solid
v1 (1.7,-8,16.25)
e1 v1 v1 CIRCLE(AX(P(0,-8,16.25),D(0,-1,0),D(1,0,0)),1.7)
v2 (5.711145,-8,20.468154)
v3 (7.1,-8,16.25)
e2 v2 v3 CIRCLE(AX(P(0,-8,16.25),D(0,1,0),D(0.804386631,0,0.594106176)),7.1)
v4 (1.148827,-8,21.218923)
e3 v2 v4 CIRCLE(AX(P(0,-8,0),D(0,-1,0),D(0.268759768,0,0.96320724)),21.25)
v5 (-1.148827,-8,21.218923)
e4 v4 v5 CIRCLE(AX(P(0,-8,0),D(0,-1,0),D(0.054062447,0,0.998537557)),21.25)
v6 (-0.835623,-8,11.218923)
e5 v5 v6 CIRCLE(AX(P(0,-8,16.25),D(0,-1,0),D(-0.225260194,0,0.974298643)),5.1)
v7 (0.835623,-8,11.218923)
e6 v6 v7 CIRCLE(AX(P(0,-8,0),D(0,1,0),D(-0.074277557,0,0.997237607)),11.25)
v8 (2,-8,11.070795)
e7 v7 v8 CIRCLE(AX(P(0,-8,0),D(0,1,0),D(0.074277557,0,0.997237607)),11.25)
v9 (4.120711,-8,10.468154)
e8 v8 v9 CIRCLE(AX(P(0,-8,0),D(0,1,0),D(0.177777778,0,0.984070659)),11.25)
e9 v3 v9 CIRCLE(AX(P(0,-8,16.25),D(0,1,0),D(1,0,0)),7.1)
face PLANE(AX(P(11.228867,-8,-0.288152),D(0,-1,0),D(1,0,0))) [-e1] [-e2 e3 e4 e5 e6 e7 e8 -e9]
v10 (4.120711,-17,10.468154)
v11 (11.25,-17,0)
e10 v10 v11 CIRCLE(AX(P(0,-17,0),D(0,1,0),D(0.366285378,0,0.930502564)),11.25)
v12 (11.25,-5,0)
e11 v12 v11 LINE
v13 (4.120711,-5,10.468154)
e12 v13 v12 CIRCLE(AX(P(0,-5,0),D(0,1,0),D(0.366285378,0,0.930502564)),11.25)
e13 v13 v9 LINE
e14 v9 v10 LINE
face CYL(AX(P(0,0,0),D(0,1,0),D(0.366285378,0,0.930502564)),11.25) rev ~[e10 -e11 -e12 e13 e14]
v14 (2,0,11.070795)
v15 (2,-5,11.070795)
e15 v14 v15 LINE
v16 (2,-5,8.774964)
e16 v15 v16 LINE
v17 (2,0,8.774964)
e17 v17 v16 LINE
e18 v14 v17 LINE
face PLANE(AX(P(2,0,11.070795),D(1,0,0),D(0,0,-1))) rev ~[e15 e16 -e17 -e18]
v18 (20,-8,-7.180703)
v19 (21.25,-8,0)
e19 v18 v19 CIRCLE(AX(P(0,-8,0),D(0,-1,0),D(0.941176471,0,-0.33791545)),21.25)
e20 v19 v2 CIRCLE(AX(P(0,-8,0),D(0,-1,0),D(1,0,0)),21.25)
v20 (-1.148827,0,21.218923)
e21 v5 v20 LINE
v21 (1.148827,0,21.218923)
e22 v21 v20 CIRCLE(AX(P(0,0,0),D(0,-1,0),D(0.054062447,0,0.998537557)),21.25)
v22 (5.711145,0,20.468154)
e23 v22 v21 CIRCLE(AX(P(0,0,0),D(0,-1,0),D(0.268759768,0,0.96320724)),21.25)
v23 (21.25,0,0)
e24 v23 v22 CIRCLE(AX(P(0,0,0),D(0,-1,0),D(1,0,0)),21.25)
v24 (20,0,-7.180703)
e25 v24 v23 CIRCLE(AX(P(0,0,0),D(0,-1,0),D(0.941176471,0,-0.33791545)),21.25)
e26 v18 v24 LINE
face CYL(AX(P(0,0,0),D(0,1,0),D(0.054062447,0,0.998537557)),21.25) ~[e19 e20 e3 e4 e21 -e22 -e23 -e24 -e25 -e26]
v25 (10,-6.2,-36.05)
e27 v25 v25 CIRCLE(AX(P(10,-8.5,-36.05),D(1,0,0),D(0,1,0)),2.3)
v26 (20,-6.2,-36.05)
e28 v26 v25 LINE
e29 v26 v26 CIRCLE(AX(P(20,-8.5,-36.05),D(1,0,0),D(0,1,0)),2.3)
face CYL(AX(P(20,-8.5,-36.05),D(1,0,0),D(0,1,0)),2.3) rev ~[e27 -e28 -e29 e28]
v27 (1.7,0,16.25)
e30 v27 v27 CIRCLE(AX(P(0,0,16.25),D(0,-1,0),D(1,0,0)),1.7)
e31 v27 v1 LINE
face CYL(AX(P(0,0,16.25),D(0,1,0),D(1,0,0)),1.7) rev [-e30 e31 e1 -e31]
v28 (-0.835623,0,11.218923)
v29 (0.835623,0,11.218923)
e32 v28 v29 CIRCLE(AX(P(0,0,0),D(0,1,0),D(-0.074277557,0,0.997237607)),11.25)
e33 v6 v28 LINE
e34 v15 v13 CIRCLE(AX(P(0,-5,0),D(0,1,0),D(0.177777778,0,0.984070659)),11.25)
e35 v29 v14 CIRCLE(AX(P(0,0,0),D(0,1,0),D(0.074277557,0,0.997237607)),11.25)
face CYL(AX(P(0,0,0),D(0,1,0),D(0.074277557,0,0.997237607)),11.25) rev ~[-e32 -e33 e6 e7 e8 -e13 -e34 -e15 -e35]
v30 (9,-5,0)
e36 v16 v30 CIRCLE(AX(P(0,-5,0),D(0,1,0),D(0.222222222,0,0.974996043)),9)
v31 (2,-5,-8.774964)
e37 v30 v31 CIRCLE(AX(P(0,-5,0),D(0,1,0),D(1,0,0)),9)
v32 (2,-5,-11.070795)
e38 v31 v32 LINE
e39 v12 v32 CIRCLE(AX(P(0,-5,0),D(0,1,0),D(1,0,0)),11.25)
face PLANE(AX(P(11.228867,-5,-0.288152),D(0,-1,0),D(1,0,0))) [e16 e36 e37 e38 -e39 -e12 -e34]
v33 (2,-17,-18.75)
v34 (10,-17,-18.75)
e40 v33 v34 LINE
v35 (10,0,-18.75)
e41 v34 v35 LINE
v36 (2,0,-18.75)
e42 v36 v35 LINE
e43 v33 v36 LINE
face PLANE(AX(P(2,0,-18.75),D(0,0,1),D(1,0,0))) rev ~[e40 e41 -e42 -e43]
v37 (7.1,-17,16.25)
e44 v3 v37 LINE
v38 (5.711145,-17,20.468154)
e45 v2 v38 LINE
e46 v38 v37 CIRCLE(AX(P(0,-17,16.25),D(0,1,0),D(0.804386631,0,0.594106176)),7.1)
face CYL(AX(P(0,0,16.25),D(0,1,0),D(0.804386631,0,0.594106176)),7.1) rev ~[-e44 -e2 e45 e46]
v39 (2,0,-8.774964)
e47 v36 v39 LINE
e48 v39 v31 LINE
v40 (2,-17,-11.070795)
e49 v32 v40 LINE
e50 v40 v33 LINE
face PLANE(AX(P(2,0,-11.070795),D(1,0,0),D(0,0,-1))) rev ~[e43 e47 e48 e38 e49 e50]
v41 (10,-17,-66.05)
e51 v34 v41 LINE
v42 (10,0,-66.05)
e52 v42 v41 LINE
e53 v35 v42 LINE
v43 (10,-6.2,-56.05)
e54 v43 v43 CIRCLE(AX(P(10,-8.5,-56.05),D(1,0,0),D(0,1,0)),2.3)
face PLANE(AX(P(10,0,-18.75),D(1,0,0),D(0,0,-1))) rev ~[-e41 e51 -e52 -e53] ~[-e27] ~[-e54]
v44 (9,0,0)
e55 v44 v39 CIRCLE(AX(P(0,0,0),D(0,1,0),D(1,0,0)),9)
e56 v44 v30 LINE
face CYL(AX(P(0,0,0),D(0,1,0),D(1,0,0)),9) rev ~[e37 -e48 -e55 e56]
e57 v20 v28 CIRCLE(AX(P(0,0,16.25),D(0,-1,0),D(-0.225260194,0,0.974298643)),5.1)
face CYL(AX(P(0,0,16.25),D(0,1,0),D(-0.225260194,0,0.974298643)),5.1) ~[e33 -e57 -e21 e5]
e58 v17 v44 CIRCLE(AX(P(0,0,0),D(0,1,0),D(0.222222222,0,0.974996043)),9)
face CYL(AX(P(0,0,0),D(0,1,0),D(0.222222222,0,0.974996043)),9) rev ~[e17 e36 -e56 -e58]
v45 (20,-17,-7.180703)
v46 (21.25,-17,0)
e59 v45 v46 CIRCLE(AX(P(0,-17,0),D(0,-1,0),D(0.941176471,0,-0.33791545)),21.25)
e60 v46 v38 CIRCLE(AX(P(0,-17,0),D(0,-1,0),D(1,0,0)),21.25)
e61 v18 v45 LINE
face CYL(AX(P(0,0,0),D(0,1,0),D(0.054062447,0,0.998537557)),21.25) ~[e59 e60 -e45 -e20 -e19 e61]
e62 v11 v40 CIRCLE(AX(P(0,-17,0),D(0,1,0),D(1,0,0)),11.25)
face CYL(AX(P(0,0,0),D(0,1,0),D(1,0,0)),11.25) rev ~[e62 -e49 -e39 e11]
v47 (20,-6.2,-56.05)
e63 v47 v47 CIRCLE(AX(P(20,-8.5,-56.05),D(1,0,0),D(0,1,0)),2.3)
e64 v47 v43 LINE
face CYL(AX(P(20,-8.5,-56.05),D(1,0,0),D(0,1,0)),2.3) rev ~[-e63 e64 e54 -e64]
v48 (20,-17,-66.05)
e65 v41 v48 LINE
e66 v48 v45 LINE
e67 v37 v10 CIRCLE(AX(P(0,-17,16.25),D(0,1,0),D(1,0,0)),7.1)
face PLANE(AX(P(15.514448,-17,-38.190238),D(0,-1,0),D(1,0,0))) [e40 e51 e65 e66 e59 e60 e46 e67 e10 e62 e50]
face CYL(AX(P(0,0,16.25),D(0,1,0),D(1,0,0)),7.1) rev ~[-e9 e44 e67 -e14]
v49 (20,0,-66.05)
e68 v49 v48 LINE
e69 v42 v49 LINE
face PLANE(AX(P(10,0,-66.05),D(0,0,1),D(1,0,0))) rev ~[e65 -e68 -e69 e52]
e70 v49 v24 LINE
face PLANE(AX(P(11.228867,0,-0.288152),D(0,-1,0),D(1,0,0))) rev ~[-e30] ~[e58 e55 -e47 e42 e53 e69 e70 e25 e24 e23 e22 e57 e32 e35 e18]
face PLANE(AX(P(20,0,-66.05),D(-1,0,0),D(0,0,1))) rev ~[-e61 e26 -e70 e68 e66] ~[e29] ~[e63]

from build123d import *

# Parameters (mm, degrees)
F0_R     = 1.7
F1_DEPTH = 5
F2_DEPTH = 8
F3_DEPTH = 17
F4_R     = 2.3
F5_DEPTH = 25


with BuildPart() as f1:
    # F0 (on Front) → F1 (new body)
    with BuildSketch(Plane.XZ):
        with BuildLine():
            ThreePointArc((4.1207105035, 10.4681538462), (9.2984002163, 6.3326340032), (11.25, 0))
            ThreePointArc((11.25, 0), (8.6331483249, -7.2132690231), (2, -11.0707949127))
            Line((2, -11.0707949127), (2, -18.75))
            Line((2, -18.75), (10, -18.75))
            ThreePointArc((10, -18.75), (16.0767582704, -13.8960549623), (20, -7.1807033082))
            ThreePointArc((20, -7.1807033082), (20.9351677806, -3.6443449343), (21.25, 0))
            ThreePointArc((21.25, 0), (16.9251932479, 12.8491374621), (5.7111450805, 20.4681538462))
            ThreePointArc((5.7111450805, 20.4681538462), (6.7438538712, 18.470458278), (7.1, 16.25))
            ThreePointArc((7.1, 16.25), (6.3113803789, 12.9978502936), (4.1207105035, 10.4681538462))
        make_face()
        with BuildLine():
            ThreePointArc((2, 11.0707949127), (3.0751533833, 10.8215494117), (4.1207105035, 10.4681538462))
            ThreePointArc((4.1207105035, 10.4681538462), (6.3113803789, 12.9978502936), (7.1, 16.25))
            ThreePointArc((7.1, 16.25), (6.7438538712, 18.470458278), (5.7111450805, 20.4681538462))
            ThreePointArc((5.7111450805, 20.4681538462), (3.4504663185, 20.9679942337), (1.1488269912, 21.2189230769))
            ThreePointArc((1.1488269912, 21.2189230769), (3.9918052091, 19.4241914203), (5.1, 16.25))
            ThreePointArc((5.1, 16.25), (3.8904803589, 12.9524004827), (0.8356225189, 11.2189230769))
            ThreePointArc((0.8356225189, 11.2189230769), (1.4197444332, 11.1600549167), (2, 11.0707949127))
        make_face()
        with BuildLine():
            ThreePointArc((-0.8356225189, 11.2189230769), (0, 11.25), (0.8356225189, 11.2189230769))
            ThreePointArc((0.8356225189, 11.2189230769), (3.8904803589, 12.9524004827), (5.1, 16.25))
            ThreePointArc((5.1, 16.25), (3.9918052091, 19.4241914203), (1.1488269912, 21.2189230769))
            ThreePointArc((1.1488269912, 21.2189230769), (0, 21.25), (-1.1488269912, 21.2189230769))
            ThreePointArc((-1.1488269912, 21.2189230769), (-5.0975003643, 16.0903440089), (-0.8356225189, 11.2189230769))
        make_face()
        with Locations((0, 16.25)):
            Circle(F0_R, mode=Mode.SUBTRACT)
        with BuildLine():
            ThreePointArc((2, -11.0707949127), (8.6331483249, -7.2132690231), (11.25, 0))
            ThreePointArc((11.25, 0), (9.2984002163, 6.3326340032), (4.1207105035, 10.4681538462))
            ThreePointArc((4.1207105035, 10.4681538462), (3.1034384471, 9.864182135), (2, 9.4375114679))
            Line((2, 9.4375114679), (2, 8.7749643874))
            ThreePointArc((2, 8.7749643874), (7.0356236397, 5.6124860802), (9, 0))
            ThreePointArc((9, 0), (7.0356236397, -5.6124860802), (2, -8.7749643874))
            Line((2, -8.7749643874), (2, -11.0707949127))
        make_face()
        with BuildLine():
            ThreePointArc((2, 9.4375114679), (3.1034384471, 9.864182135), (4.1207105035, 10.4681538462))
            ThreePointArc((4.1207105035, 10.4681538462), (3.0751533833, 10.8215494117), (2, 11.0707949127))
            Line((2, 11.0707949127), (2, 9.4375114679))
        make_face()
        with BuildLine():
            ThreePointArc((20, -7.1807033082), (16.0767582704, -13.8960549623), (10, -18.75))
            Line((10, -18.75), (10, -66.05))
            Line((10, -66.05), (20, -66.05))
            Line((20, -66.05), (20, -7.1807033082))
        make_face()
    extrude(amount=F1_DEPTH)

    # F0 (on Front) → F2 (join)
    with BuildSketch(Plane.XZ):
        with BuildLine():
            ThreePointArc((4.1207105035, 10.4681538462), (9.2984002163, 6.3326340032), (11.25, 0))
            ThreePointArc((11.25, 0), (8.6331483249, -7.2132690231), (2, -11.0707949127))
            Line((2, -11.0707949127), (2, -18.75))
            Line((2, -18.75), (10, -18.75))
            ThreePointArc((10, -18.75), (16.0767582704, -13.8960549623), (20, -7.1807033082))
            ThreePointArc((20, -7.1807033082), (20.9351677806, -3.6443449343), (21.25, 0))
            ThreePointArc((21.25, 0), (16.9251932479, 12.8491374621), (5.7111450805, 20.4681538462))
            ThreePointArc((5.7111450805, 20.4681538462), (6.7438538712, 18.470458278), (7.1, 16.25))
            ThreePointArc((7.1, 16.25), (6.3113803789, 12.9978502936), (4.1207105035, 10.4681538462))
        make_face()
        with BuildLine():
            ThreePointArc((2, 11.0707949127), (3.0751533833, 10.8215494117), (4.1207105035, 10.4681538462))
            ThreePointArc((4.1207105035, 10.4681538462), (6.3113803789, 12.9978502936), (7.1, 16.25))
            ThreePointArc((7.1, 16.25), (6.7438538712, 18.470458278), (5.7111450805, 20.4681538462))
            ThreePointArc((5.7111450805, 20.4681538462), (3.4504663185, 20.9679942337), (1.1488269912, 21.2189230769))
            ThreePointArc((1.1488269912, 21.2189230769), (3.9918052091, 19.4241914203), (5.1, 16.25))
            ThreePointArc((5.1, 16.25), (3.8904803589, 12.9524004827), (0.8356225189, 11.2189230769))
            ThreePointArc((0.8356225189, 11.2189230769), (1.4197444332, 11.1600549167), (2, 11.0707949127))
        make_face()
        with BuildLine():
            ThreePointArc((-0.8356225189, 11.2189230769), (0, 11.25), (0.8356225189, 11.2189230769))
            ThreePointArc((0.8356225189, 11.2189230769), (3.8904803589, 12.9524004827), (5.1, 16.25))
            ThreePointArc((5.1, 16.25), (3.9918052091, 19.4241914203), (1.1488269912, 21.2189230769))
            ThreePointArc((1.1488269912, 21.2189230769), (0, 21.25), (-1.1488269912, 21.2189230769))
            ThreePointArc((-1.1488269912, 21.2189230769), (-5.0975003643, 16.0903440089), (-0.8356225189, 11.2189230769))
        make_face()
        with Locations((0, 16.25)):
            Circle(F0_R, mode=Mode.SUBTRACT)
        with BuildLine():
            ThreePointArc((20, -7.1807033082), (16.0767582704, -13.8960549623), (10, -18.75))
            Line((10, -18.75), (10, -66.05))
            Line((10, -66.05), (20, -66.05))
            Line((20, -66.05), (20, -7.1807033082))
        make_face()
    extrude(amount=F2_DEPTH)

    # F0 (on Front) → F3 (join)
    with BuildSketch(Plane.XZ):
        with BuildLine():
            ThreePointArc((20, -7.1807033082), (16.0767582704, -13.8960549623), (10, -18.75))
            Line((10, -18.75), (10, -66.05))
            Line((10, -66.05), (20, -66.05))
            Line((20, -66.05), (20, -7.1807033082))
        make_face()
        with BuildLine():
            ThreePointArc((4.1207105035, 10.4681538462), (9.2984002163, 6.3326340032), (11.25, 0))
            ThreePointArc((11.25, 0), (8.6331483249, -7.2132690231), (2, -11.0707949127))
            Line((2, -11.0707949127), (2, -18.75))
            Line((2, -18.75), (10, -18.75))
            ThreePointArc((10, -18.75), (16.0767582704, -13.8960549623), (20, -7.1807033082))
            ThreePointArc((20, -7.1807033082), (20.9351677806, -3.6443449343), (21.25, 0))
            ThreePointArc((21.25, 0), (16.9251932479, 12.8491374621), (5.7111450805, 20.4681538462))
            ThreePointArc((5.7111450805, 20.4681538462), (6.7438538712, 18.470458278), (7.1, 16.25))
            ThreePointArc((7.1, 16.25), (6.3113803789, 12.9978502936), (4.1207105035, 10.4681538462))
        make_face()
    extrude(amount=F3_DEPTH)

    # F4 (on face) → F5 (cut)
    with BuildSketch(Plane.YZ.offset(20)):
        with Locations((-8.5, -56.05)):
            Circle(F4_R)
        with Locations((-8.5, -36.05)):
            Circle(F4_R)
    extrude(amount=-F5_DEPTH, mode=Mode.SUBTRACT)


solid = f1.part
